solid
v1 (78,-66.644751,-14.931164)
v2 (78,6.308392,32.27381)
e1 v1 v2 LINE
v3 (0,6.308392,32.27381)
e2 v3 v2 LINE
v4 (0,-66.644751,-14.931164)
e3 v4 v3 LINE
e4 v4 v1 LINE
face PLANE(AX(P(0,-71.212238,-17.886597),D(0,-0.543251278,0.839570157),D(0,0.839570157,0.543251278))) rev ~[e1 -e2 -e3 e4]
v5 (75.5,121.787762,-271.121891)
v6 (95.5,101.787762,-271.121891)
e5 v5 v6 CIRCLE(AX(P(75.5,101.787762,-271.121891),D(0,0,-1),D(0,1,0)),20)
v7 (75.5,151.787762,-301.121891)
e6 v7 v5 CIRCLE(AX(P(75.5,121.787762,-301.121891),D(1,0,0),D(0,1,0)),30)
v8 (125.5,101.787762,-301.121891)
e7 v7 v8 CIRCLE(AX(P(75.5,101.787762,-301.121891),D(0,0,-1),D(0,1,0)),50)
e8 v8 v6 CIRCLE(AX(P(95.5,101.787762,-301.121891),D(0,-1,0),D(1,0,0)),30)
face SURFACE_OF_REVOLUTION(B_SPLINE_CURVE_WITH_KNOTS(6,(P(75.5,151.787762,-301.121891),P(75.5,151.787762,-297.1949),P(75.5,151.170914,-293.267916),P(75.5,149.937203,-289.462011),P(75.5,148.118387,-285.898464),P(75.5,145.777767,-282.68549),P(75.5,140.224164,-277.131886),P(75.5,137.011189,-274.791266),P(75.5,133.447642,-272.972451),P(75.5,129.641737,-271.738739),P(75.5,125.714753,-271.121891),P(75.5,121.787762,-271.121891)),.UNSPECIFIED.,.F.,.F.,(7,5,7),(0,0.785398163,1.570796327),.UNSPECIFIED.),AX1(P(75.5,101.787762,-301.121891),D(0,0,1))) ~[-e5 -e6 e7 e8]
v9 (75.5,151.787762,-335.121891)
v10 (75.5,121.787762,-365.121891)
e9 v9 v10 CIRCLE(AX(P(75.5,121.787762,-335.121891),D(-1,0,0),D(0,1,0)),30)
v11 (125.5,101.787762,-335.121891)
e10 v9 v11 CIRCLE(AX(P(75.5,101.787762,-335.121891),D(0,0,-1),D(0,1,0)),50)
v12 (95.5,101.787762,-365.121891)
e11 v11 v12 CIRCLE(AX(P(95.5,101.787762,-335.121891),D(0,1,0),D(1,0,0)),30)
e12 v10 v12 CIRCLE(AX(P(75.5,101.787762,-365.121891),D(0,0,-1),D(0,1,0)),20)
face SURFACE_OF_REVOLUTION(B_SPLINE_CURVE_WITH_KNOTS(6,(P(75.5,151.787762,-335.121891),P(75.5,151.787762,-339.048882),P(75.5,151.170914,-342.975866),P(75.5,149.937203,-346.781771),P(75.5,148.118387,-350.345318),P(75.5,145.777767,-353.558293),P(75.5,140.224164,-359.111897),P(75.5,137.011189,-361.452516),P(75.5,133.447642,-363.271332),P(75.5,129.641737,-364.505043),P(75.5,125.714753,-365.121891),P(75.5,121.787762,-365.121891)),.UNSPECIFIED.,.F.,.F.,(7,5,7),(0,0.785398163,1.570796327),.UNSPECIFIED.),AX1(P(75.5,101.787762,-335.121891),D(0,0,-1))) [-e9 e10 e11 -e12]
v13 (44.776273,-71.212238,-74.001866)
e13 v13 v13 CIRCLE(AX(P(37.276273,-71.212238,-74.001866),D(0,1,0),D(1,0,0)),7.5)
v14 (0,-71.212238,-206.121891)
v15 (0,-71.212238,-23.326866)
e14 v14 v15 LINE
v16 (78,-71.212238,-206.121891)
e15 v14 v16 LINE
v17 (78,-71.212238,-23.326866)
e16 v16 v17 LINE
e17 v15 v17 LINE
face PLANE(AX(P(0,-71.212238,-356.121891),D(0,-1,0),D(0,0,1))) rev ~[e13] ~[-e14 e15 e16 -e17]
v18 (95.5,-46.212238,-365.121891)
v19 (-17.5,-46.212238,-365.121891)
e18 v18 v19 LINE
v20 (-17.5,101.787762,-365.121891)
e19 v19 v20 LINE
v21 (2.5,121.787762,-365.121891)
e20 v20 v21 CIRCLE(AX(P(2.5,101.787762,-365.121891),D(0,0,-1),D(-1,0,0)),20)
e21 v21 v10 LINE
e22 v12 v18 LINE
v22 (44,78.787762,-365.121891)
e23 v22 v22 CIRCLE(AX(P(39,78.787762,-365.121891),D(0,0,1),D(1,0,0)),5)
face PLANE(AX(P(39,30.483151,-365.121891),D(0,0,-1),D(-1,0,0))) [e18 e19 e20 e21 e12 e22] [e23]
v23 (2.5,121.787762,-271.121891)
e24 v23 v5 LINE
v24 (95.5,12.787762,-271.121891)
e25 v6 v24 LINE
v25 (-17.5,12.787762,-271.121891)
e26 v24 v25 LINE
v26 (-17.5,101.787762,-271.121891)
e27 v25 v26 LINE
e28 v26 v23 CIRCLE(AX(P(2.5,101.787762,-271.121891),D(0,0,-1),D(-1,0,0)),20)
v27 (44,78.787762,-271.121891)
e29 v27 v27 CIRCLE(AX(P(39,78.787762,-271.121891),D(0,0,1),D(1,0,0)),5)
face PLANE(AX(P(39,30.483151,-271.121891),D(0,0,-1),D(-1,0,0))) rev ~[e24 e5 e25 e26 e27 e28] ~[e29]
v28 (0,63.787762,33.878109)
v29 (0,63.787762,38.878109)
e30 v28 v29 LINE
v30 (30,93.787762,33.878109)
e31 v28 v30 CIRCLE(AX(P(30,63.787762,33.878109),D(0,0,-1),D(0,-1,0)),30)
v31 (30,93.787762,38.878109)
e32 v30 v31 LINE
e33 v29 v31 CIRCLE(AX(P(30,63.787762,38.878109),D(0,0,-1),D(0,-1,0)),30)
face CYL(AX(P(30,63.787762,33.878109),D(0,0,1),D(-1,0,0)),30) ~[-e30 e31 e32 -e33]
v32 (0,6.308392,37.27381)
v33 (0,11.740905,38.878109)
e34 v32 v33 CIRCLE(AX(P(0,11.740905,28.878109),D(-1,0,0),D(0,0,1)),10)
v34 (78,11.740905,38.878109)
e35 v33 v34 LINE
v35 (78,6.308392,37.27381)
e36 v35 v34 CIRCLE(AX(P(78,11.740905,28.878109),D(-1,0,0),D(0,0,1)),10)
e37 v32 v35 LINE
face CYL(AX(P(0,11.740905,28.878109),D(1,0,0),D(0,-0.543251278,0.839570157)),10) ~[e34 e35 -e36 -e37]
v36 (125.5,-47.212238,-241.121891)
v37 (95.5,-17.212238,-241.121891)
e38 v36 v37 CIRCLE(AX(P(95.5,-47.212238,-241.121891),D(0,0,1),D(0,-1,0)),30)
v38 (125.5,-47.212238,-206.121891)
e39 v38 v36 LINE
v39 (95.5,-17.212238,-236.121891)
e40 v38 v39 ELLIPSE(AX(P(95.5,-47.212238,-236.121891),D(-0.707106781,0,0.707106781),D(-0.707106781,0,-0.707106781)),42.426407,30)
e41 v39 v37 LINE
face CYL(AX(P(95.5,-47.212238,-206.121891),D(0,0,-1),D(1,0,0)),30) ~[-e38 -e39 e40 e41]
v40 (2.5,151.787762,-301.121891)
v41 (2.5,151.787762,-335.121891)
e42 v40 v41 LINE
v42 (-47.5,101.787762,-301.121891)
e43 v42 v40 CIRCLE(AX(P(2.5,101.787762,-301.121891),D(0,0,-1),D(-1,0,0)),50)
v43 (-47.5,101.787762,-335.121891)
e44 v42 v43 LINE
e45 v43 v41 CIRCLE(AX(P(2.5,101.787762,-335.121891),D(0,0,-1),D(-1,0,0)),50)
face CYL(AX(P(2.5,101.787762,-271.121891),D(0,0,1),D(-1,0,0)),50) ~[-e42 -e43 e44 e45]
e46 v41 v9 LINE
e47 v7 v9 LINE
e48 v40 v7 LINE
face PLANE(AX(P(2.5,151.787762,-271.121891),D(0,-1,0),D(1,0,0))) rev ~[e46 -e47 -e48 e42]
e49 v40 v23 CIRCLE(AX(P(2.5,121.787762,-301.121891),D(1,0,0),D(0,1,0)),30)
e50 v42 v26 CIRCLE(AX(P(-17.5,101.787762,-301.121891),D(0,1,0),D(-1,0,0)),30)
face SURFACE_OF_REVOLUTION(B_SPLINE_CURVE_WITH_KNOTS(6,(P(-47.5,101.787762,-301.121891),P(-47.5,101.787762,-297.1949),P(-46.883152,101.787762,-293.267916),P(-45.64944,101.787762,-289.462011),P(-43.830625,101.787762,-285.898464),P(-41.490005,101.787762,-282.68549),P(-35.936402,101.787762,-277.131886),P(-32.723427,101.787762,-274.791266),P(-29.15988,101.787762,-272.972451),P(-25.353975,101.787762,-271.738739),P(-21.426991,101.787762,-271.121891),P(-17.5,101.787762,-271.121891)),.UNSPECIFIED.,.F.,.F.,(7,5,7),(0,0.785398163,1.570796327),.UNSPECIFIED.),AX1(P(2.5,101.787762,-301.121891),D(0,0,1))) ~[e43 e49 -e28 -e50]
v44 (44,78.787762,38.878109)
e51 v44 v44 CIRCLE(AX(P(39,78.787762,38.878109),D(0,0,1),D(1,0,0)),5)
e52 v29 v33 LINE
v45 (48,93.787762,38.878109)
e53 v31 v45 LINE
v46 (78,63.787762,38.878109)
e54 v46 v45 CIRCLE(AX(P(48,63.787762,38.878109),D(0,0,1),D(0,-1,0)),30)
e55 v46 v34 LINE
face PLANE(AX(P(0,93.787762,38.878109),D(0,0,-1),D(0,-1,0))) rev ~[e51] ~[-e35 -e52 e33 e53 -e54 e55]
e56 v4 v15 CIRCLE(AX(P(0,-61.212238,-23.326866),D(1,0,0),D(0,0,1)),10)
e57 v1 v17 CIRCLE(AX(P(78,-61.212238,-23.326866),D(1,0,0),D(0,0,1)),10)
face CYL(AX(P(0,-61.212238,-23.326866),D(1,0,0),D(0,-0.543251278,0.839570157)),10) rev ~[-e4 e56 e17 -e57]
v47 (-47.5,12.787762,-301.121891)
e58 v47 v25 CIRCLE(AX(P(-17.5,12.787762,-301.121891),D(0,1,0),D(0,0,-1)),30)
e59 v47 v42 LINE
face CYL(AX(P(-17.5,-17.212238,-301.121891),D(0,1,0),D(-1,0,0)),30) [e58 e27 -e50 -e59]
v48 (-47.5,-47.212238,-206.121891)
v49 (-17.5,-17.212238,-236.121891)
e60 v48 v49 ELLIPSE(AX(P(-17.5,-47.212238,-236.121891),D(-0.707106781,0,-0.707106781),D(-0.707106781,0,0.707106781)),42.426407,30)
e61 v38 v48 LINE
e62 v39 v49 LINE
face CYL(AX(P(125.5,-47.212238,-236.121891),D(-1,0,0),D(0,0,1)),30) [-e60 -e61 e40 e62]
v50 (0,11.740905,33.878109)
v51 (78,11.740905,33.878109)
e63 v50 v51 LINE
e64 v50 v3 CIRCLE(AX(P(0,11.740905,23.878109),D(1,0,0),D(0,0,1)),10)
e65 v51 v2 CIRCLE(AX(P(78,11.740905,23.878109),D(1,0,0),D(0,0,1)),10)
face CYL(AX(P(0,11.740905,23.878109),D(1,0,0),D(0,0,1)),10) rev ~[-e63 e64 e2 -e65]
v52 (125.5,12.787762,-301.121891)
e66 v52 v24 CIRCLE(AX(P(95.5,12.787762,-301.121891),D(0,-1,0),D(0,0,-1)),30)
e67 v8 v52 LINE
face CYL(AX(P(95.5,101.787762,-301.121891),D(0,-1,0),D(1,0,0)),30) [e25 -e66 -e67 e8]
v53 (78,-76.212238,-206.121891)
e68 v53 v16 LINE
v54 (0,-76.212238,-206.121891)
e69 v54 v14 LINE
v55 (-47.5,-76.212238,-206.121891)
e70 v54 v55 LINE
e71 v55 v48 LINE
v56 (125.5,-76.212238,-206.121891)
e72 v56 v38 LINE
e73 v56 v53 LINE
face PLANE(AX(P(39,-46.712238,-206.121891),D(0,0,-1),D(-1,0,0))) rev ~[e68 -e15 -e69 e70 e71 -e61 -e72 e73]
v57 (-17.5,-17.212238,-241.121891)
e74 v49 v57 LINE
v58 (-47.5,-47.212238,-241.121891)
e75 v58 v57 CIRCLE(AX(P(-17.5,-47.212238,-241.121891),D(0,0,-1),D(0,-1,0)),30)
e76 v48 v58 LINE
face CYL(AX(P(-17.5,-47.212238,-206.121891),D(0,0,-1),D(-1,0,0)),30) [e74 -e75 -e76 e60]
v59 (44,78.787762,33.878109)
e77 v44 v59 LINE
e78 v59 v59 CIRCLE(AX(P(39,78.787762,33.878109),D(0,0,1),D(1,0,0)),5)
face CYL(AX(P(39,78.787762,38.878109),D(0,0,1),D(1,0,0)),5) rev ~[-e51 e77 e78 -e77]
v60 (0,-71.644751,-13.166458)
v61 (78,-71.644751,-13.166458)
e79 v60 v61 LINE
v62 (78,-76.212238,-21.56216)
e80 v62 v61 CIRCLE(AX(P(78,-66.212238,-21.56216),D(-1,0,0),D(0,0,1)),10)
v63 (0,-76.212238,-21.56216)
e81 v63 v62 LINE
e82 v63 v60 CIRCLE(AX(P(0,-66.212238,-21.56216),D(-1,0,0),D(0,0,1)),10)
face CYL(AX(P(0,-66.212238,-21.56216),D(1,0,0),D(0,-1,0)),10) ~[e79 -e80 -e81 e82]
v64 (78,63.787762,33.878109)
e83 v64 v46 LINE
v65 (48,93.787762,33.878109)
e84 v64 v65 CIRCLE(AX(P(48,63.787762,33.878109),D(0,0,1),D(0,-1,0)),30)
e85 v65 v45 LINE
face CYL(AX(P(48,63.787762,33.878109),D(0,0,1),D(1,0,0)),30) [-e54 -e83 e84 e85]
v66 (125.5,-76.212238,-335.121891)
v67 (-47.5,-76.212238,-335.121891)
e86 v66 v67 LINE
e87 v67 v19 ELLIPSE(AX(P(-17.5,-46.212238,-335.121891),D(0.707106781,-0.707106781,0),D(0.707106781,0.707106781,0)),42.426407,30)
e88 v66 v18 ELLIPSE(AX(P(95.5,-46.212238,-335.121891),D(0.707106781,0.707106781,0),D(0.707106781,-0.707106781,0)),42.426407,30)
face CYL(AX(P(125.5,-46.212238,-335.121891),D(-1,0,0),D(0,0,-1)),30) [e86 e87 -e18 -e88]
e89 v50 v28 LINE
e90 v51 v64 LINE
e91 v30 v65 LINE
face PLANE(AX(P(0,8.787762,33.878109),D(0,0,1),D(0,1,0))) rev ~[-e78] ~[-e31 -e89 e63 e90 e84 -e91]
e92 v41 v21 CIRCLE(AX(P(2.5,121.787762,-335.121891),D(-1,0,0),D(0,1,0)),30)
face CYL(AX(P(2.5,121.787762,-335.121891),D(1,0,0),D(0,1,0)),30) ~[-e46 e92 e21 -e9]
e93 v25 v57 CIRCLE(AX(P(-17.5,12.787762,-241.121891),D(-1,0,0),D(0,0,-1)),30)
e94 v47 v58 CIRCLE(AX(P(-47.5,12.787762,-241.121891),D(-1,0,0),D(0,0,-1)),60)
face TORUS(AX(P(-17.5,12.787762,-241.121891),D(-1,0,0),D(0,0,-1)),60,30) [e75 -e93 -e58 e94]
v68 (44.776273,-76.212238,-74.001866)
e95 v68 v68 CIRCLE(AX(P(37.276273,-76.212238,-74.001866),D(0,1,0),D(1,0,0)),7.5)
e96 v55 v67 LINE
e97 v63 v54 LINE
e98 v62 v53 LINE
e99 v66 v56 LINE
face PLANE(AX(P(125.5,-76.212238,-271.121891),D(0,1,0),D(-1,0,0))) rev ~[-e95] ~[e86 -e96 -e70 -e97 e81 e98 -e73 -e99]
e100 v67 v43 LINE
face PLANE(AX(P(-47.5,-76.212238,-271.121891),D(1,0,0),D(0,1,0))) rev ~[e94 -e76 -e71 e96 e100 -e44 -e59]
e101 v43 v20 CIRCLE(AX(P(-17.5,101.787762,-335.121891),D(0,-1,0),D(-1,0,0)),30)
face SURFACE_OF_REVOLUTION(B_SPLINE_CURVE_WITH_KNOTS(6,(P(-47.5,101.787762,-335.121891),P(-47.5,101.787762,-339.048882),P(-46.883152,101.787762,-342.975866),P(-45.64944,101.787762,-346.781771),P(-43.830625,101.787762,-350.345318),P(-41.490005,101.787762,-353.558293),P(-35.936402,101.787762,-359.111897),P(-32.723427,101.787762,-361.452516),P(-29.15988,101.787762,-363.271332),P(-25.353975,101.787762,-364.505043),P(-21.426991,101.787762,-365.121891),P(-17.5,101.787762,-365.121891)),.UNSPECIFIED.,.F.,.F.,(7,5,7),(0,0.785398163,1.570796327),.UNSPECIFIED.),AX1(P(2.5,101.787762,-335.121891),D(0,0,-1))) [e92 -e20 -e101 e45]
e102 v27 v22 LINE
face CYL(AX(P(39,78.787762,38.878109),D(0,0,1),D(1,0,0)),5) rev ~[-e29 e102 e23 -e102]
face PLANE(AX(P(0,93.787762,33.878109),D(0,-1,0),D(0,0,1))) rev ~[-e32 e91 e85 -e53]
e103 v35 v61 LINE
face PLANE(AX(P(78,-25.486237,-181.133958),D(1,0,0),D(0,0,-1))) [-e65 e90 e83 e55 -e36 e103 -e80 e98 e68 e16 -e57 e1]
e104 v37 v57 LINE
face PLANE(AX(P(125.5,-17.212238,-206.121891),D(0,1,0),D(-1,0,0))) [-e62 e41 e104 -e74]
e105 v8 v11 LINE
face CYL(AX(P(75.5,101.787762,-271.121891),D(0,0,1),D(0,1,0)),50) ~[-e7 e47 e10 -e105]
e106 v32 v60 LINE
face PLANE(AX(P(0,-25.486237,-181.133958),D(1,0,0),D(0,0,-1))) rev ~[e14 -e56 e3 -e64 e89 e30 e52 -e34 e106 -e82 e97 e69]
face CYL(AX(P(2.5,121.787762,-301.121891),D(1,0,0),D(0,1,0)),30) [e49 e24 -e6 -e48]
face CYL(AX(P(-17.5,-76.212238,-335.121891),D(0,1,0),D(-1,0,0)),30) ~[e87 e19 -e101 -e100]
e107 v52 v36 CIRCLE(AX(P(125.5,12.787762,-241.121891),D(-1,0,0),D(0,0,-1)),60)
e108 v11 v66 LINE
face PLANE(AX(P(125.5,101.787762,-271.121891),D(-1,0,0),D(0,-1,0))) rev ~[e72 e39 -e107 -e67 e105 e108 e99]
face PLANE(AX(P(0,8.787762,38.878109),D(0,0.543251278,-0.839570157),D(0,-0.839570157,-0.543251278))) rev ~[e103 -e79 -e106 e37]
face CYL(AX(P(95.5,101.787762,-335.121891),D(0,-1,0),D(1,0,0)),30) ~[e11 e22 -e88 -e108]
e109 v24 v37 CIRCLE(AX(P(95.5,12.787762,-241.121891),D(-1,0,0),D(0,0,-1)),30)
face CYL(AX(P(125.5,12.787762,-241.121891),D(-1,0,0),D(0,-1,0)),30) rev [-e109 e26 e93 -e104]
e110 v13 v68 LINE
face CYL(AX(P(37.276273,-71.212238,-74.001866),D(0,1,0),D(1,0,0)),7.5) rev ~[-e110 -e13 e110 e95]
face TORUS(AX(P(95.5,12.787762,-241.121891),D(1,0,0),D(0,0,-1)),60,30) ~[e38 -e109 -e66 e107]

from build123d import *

# Parameters (mm, degrees)
EXTRUDE1_DEPTH = 78
FILLET1_R      = 20
FILLET2_R      = 10
SKETCH3_R      = 7.5
EXTRUDE3_DEPTH = 6
FILLET3_R      = 30
SKETCH4_W      = 276.639181173
SKETCH4_H      = 310.570393871
EXTRUDE4_DEPTH = 79
SKETCH5_W      = 173
SKETCH5_H      = 59
EXTRUDE5_DEPTH = 65
EXTRUDE6_DEPTH = 94
SKETCH2_R      = 5
EXTRUDE2_DEPTH = 405
FILLET4_R      = 30
FILLET5_R      = 30


with BuildPart() as part:
    # Sketch1 → Extrude1 (new body)
    with BuildSketch(Plane(origin=(0, 0, 0), x_dir=(0, 0, -1), z_dir=(1, 0, 0))):
        Polygon((-38.878108718, 93.787762145), (-38.878108718, 8.787762145), (16.121891282, -76.212237855), (361.121891282, -76.212237855), (361.121891282, 123.787762145), (356.121891282, 123.787762145), (356.121891282, -71.212237855), (17.886597165, -71.212237855), (-33.878108718, 8.787762145), (-33.878108718, 93.787762145), align=None)
    extrude(amount=EXTRUDE1_DEPTH)

    # Fillet1
    fillet1_edges = [part.edges().sort_by_distance(p)[0] for p in [
        (39, -71.212237855, -356.121891282),
        (39, -76.212237855, -361.121891282),
    ]]
    fillet(fillet1_edges, radius=FILLET1_R)

    # Fillet2
    fillet2_edges = [part.edges().sort_by_distance(p)[0] for p in [
        (39, 8.787762145, 33.878108718),
        (39, -71.212237855, -17.886597165),
        (39, -76.212237855, -16.121891282),
        (39, 8.787762145, 38.878108718),
    ]]
    fillet(fillet2_edges, radius=FILLET2_R)

    # Sketch3 → Extrude3 (cut, through all)
    with BuildSketch(Plane(origin=(0, -71.212237855, 0), x_dir=(1, 0, 0), z_dir=(0, 1, 0))):
        with Locations((37.276272586, 74.00186583)):
            Circle(SKETCH3_R)
    extrude(amount=-EXTRUDE3_DEPTH, mode=Mode.SUBTRACT)

    # Fillet3
    fillet3_edges = [part.edges().sort_by_distance(p)[0] for p in [
        (0, 93.787762145, 36.378108718),
        (78, 93.787762145, 36.378108718),
    ]]
    fillet(fillet3_edges, radius=FILLET3_R)

    # Sketch4 → Extrude4 (cut, through all)
    with BuildSketch(Plane(origin=(78, 0, 0), x_dir=(0, 0, -1), z_dir=(1, 0, 0))):
        with Locations((344.441481869, 21.193022351)):
            Rectangle(SKETCH4_W, SKETCH4_H)
    extrude(amount=-EXTRUDE4_DEPTH, mode=Mode.SUBTRACT)

    # Sketch5 → Extrude5 (add)
    with BuildSketch(Plane(origin=(0, 0, -206.121891282), x_dir=(-1, 0, 0), z_dir=(0, 0, -1))):
        with Locations((-39, -46.712237855)):
            Rectangle(SKETCH5_W, SKETCH5_H)
    extrude(amount=EXTRUDE5_DEPTH)

    # Sketch6 → Extrude6 (add)
    with BuildSketch(Plane(origin=(0, 0, -271.121891282), x_dir=(-1, 0, 0), z_dir=(0, 0, -1))):
        with BuildLine():
            Line((-125.5, -76.212237855), (47.5, -76.212237855))
            Line((47.5, -76.212237855), (47.5, 101.787762145))
            ThreePointArc((47.5, 101.787762145), (32.855339059, 137.143101205), (-2.5, 151.787762145))
            Line((-2.5, 151.787762145), (-75.5, 151.787762145))
            ThreePointArc((-75.5, 151.787762145), (-110.855339059, 137.143101205), (-125.5, 101.787762145))
            Line((-125.5, 101.787762145), (-125.5, -76.212237855))
        make_face()
    extrude(amount=EXTRUDE6_DEPTH)

    # Sketch2 → Extrude2 (cut, through all)
    with BuildSketch(Plane.XY.offset(38.878108718)):
        with Locations((39, 78.787762145)):
            Circle(SKETCH2_R)
    extrude(amount=-EXTRUDE2_DEPTH, mode=Mode.SUBTRACT)

    # Fillet4
    fillet4_edges = [part.edges().sort_by_distance(p)[0] for p in [
        (125.5, -17.212237855, -238.621891282),
        (39, -17.212237855, -206.121891282),
        (-47.5, -17.212237855, -238.621891282),
        (39, -17.212237855, -271.121891282),
        (125.5, 42.287762145, -271.121891282),
        (-47.5, 42.287762145, -271.121891282),
        (-32.855339059, 137.143101205, -271.121891282),
        (39, 151.787762145, -271.121891282),
        (110.855339059, 137.143101205, -271.121891282),
    ]]
    fillet(fillet4_edges, radius=FILLET4_R)

    # Fillet5
    fillet5_edges = [part.edges().sort_by_distance(p)[0] for p in [
        (125.5, 12.787762145, -365.121891282),
        (39, -76.212237855, -365.121891282),
        (-47.5, 12.787762145, -365.121891282),
        (-32.855339059, 137.143101205, -365.121891282),
        (39, 151.787762145, -365.121891282),
        (110.855339059, 137.143101205, -365.121891282),
    ]]
    fillet(fillet5_edges, radius=FILLET5_R)


solid = part.part
